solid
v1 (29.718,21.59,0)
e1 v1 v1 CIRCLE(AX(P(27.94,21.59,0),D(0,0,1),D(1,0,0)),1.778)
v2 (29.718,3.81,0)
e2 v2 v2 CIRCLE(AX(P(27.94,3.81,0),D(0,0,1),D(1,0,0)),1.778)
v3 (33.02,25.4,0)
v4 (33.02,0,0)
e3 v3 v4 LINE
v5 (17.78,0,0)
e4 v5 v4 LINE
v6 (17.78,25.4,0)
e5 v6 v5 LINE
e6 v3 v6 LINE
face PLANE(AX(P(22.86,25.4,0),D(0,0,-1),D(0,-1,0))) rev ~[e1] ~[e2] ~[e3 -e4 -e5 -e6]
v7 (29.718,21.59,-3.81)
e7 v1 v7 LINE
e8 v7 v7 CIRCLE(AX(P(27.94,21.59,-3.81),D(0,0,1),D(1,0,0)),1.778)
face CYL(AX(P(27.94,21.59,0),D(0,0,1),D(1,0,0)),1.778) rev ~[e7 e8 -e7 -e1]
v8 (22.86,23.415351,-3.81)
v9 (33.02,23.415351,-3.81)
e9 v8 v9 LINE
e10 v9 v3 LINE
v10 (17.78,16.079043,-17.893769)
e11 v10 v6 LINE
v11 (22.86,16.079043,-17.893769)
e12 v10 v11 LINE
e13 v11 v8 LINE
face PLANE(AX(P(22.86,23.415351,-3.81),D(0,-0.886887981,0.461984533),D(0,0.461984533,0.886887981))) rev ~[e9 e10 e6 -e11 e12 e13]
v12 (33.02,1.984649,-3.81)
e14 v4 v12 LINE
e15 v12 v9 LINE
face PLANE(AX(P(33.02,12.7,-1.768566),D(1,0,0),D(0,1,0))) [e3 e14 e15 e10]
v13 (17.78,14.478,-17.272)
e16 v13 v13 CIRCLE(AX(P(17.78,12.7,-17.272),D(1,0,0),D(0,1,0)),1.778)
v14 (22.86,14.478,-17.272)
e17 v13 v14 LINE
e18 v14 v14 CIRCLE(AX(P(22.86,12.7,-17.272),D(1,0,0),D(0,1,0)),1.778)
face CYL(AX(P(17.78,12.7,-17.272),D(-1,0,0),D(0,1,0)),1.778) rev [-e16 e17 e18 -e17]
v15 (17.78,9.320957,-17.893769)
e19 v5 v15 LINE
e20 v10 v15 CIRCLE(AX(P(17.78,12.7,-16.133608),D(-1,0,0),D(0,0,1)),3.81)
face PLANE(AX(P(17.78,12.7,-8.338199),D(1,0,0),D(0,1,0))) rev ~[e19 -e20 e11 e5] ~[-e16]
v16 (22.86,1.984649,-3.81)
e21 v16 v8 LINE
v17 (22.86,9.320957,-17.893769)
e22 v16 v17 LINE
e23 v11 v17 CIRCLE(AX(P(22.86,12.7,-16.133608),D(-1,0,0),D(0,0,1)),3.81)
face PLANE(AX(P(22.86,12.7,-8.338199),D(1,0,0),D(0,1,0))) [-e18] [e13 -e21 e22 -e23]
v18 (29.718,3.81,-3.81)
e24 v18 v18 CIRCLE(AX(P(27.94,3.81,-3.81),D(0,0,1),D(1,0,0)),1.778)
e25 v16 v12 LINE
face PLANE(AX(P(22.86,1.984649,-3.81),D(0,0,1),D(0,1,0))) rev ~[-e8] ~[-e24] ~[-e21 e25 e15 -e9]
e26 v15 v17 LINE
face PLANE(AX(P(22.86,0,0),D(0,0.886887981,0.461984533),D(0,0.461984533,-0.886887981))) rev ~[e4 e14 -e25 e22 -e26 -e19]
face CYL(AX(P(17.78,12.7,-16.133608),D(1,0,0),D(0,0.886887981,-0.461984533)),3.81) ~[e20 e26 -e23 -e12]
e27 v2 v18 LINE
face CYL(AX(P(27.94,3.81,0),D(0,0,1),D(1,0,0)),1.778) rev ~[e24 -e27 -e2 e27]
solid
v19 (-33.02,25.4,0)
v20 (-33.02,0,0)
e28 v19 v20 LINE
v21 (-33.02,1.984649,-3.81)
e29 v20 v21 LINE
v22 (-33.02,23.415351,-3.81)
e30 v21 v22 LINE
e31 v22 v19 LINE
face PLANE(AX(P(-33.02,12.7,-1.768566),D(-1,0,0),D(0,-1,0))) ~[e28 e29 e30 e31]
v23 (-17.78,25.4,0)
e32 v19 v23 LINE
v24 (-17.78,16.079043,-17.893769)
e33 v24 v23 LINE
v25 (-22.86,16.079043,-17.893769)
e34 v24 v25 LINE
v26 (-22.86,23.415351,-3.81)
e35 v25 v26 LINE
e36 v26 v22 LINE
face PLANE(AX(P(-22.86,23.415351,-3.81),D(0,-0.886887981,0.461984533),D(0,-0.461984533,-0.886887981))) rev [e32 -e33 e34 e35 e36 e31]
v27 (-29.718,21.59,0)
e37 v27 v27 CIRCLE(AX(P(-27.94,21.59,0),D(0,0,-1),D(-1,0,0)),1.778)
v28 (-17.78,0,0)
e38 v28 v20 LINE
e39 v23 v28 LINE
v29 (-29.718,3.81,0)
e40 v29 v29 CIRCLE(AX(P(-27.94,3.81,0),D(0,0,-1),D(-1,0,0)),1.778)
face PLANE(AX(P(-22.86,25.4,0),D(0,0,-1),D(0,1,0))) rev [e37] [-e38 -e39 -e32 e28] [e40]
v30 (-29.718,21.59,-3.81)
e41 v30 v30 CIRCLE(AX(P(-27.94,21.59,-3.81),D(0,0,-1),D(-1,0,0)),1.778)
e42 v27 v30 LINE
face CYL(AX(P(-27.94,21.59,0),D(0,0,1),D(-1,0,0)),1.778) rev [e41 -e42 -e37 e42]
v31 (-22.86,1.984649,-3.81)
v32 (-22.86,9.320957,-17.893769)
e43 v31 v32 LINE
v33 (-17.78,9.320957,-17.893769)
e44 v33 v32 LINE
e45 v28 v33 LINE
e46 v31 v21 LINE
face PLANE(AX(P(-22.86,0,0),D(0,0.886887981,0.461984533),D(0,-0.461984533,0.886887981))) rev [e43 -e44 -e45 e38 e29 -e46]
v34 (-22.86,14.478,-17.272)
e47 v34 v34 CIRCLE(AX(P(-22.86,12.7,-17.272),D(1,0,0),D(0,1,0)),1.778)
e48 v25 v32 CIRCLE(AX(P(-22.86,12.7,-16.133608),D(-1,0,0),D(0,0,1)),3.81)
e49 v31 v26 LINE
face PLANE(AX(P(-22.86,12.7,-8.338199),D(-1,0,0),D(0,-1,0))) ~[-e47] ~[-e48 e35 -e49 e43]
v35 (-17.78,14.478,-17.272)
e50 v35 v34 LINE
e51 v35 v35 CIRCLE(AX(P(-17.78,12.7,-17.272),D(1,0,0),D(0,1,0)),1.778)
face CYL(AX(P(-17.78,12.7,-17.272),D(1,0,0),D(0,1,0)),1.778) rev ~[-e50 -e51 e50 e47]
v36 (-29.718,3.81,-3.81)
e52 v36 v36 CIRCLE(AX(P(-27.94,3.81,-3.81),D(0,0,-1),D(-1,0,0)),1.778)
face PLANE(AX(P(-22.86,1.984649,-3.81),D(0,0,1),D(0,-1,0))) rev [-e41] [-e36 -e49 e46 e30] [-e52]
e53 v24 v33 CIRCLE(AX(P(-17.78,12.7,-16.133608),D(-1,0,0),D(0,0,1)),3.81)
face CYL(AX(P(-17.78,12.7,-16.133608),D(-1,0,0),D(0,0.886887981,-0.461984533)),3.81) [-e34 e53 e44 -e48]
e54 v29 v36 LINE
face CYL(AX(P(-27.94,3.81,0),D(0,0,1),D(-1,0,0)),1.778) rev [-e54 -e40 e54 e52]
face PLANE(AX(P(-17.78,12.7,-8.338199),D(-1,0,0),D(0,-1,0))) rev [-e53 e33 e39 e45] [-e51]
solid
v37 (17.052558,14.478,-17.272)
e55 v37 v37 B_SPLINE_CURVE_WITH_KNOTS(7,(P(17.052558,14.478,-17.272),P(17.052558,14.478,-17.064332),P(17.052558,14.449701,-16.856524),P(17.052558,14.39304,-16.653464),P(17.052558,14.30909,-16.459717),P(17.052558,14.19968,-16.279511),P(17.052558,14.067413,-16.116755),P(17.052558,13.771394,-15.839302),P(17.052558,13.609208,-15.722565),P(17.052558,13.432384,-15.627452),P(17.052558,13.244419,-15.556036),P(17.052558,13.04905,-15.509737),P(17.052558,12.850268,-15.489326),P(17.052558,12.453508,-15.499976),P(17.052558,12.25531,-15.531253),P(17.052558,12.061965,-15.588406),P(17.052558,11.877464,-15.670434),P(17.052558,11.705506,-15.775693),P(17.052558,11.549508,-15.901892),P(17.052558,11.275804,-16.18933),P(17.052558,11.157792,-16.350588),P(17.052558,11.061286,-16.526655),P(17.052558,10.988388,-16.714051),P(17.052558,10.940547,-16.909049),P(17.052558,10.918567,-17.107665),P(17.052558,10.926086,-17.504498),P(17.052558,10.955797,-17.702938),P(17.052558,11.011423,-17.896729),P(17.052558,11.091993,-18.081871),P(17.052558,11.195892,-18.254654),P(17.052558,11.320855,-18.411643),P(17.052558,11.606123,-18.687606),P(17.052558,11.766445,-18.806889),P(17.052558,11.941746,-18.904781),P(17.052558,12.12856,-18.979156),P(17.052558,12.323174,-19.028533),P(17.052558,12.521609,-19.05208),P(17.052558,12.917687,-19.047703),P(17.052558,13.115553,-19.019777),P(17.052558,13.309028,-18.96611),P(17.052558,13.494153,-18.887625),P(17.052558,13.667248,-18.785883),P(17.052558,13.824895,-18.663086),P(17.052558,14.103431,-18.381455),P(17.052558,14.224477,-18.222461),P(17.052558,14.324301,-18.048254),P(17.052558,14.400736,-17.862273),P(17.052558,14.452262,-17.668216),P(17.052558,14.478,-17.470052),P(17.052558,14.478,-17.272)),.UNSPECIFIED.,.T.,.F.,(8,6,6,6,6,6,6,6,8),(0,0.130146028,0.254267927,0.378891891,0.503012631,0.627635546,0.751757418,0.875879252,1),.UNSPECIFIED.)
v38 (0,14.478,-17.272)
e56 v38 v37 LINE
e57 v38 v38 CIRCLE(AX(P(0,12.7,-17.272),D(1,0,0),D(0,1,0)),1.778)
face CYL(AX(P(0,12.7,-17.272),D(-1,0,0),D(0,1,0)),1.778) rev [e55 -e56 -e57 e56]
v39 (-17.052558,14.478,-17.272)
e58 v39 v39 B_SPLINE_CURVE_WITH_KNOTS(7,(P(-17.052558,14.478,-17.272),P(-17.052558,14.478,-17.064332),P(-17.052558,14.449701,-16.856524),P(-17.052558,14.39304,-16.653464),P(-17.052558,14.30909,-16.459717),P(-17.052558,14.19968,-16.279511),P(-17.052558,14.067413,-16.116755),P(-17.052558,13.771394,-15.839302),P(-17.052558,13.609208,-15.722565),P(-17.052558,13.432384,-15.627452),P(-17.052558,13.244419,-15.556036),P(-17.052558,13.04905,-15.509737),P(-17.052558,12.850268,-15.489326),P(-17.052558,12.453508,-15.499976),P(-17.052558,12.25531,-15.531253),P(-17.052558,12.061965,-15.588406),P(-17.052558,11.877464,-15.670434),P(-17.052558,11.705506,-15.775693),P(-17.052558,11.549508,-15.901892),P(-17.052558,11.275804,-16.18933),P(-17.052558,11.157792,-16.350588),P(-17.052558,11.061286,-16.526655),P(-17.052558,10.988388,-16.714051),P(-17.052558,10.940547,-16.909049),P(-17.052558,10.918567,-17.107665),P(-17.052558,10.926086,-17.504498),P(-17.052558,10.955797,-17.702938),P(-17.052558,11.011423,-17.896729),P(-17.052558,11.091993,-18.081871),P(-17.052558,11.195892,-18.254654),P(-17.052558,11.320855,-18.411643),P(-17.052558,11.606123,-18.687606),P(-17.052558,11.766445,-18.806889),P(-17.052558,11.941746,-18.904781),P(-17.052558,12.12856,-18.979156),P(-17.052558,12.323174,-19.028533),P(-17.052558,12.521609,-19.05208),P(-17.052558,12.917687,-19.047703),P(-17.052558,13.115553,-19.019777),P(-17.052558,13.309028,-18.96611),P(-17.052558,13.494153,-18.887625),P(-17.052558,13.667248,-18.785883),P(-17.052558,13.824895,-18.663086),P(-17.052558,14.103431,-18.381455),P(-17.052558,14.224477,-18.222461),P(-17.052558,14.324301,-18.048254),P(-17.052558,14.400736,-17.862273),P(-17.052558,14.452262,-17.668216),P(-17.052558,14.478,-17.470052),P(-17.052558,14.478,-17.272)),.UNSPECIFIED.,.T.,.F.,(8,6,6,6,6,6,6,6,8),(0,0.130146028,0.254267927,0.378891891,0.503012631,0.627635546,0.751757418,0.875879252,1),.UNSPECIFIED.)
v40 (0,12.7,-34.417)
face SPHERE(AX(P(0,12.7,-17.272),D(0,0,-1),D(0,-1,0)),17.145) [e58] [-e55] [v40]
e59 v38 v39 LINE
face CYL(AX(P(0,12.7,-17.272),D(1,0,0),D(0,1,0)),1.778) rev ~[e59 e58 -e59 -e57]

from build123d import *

# Parameters (mm, degrees)
F3_R          = 1.778
F4_DEPTH      = 25.4
F4_DEPTH_BACK = 25.4
F0_R          = 1.778
F5_DEPTH      = 5.08
F8_DEPTH      = 10.16
F9_R          = 1.778
F10_DEPTH     = 25.4
F11_R         = 3.81


with BuildPart() as f2:
    # F1 (on Right) → F2 (revolve)
    with BuildSketch(Plane.YZ):
        with BuildLine():
            Line((12.7, -34.417), (12.7, -0.127))
            ThreePointArc((12.7, -0.127), (-4.445, -17.272), (12.7, -34.417))
        make_face()
    revolve(axis=Axis((0, 12.7, -17.272), (0, 0, -1)))

    # F3 (on Right) → F4 (cut, two sides)
    with BuildSketch(Plane.YZ) as f4_sk:
        with Locations((12.7, -17.272)):
            Circle(F3_R)
    extrude(amount=-F4_DEPTH, mode=Mode.SUBTRACT)
    extrude(f4_sk.sketch, amount=F4_DEPTH_BACK, mode=Mode.SUBTRACT)


with BuildPart() as f5:
    # F0 (on Right) → F5 (new body)
    with BuildSketch(Plane.YZ):
        Polygon((25.4, 0), (0, 0), (12.7, -24.3806373328), align=None)
        with Locations((12.7, -17.272)):
            Circle(F0_R, mode=Mode.SUBTRACT)
    extrude(amount=F5_DEPTH)


with BuildPart() as f5_1:
    # F6: moved
    add(f5.part.moved(Location((17.78, 0, 0))))

    # F7 (on face) → F8 (join)
    with BuildSketch(Plane.YZ.offset(22.86)):
        Polygon((25.4, 0), (0, 0), (1.9846486923, -3.81), (23.4153513077, -3.81), align=None)
    extrude(amount=F8_DEPTH)

    # F9 (on face) → F10 (cut)
    with BuildSketch(Plane.XY):
        with Locations((27.94, 21.59)):
            Circle(F9_R)
        with Locations((27.94, 3.81)):
            Circle(F9_R)
    extrude(amount=-F10_DEPTH, mode=Mode.SUBTRACT)

    # F11
    f11_edges = [f5_1.edges().sort_by_distance(p)[0] for p in [
        (20.32, 12.7, -24.380637),
    ]]
    fillet(f11_edges, radius=F11_R)


with BuildPart() as f12_1:
    # F12: instance of F5
    add(f5_1.part.mirror(Plane.YZ))


solid = Compound([f2.part, f5_1.part, f12_1.part])
